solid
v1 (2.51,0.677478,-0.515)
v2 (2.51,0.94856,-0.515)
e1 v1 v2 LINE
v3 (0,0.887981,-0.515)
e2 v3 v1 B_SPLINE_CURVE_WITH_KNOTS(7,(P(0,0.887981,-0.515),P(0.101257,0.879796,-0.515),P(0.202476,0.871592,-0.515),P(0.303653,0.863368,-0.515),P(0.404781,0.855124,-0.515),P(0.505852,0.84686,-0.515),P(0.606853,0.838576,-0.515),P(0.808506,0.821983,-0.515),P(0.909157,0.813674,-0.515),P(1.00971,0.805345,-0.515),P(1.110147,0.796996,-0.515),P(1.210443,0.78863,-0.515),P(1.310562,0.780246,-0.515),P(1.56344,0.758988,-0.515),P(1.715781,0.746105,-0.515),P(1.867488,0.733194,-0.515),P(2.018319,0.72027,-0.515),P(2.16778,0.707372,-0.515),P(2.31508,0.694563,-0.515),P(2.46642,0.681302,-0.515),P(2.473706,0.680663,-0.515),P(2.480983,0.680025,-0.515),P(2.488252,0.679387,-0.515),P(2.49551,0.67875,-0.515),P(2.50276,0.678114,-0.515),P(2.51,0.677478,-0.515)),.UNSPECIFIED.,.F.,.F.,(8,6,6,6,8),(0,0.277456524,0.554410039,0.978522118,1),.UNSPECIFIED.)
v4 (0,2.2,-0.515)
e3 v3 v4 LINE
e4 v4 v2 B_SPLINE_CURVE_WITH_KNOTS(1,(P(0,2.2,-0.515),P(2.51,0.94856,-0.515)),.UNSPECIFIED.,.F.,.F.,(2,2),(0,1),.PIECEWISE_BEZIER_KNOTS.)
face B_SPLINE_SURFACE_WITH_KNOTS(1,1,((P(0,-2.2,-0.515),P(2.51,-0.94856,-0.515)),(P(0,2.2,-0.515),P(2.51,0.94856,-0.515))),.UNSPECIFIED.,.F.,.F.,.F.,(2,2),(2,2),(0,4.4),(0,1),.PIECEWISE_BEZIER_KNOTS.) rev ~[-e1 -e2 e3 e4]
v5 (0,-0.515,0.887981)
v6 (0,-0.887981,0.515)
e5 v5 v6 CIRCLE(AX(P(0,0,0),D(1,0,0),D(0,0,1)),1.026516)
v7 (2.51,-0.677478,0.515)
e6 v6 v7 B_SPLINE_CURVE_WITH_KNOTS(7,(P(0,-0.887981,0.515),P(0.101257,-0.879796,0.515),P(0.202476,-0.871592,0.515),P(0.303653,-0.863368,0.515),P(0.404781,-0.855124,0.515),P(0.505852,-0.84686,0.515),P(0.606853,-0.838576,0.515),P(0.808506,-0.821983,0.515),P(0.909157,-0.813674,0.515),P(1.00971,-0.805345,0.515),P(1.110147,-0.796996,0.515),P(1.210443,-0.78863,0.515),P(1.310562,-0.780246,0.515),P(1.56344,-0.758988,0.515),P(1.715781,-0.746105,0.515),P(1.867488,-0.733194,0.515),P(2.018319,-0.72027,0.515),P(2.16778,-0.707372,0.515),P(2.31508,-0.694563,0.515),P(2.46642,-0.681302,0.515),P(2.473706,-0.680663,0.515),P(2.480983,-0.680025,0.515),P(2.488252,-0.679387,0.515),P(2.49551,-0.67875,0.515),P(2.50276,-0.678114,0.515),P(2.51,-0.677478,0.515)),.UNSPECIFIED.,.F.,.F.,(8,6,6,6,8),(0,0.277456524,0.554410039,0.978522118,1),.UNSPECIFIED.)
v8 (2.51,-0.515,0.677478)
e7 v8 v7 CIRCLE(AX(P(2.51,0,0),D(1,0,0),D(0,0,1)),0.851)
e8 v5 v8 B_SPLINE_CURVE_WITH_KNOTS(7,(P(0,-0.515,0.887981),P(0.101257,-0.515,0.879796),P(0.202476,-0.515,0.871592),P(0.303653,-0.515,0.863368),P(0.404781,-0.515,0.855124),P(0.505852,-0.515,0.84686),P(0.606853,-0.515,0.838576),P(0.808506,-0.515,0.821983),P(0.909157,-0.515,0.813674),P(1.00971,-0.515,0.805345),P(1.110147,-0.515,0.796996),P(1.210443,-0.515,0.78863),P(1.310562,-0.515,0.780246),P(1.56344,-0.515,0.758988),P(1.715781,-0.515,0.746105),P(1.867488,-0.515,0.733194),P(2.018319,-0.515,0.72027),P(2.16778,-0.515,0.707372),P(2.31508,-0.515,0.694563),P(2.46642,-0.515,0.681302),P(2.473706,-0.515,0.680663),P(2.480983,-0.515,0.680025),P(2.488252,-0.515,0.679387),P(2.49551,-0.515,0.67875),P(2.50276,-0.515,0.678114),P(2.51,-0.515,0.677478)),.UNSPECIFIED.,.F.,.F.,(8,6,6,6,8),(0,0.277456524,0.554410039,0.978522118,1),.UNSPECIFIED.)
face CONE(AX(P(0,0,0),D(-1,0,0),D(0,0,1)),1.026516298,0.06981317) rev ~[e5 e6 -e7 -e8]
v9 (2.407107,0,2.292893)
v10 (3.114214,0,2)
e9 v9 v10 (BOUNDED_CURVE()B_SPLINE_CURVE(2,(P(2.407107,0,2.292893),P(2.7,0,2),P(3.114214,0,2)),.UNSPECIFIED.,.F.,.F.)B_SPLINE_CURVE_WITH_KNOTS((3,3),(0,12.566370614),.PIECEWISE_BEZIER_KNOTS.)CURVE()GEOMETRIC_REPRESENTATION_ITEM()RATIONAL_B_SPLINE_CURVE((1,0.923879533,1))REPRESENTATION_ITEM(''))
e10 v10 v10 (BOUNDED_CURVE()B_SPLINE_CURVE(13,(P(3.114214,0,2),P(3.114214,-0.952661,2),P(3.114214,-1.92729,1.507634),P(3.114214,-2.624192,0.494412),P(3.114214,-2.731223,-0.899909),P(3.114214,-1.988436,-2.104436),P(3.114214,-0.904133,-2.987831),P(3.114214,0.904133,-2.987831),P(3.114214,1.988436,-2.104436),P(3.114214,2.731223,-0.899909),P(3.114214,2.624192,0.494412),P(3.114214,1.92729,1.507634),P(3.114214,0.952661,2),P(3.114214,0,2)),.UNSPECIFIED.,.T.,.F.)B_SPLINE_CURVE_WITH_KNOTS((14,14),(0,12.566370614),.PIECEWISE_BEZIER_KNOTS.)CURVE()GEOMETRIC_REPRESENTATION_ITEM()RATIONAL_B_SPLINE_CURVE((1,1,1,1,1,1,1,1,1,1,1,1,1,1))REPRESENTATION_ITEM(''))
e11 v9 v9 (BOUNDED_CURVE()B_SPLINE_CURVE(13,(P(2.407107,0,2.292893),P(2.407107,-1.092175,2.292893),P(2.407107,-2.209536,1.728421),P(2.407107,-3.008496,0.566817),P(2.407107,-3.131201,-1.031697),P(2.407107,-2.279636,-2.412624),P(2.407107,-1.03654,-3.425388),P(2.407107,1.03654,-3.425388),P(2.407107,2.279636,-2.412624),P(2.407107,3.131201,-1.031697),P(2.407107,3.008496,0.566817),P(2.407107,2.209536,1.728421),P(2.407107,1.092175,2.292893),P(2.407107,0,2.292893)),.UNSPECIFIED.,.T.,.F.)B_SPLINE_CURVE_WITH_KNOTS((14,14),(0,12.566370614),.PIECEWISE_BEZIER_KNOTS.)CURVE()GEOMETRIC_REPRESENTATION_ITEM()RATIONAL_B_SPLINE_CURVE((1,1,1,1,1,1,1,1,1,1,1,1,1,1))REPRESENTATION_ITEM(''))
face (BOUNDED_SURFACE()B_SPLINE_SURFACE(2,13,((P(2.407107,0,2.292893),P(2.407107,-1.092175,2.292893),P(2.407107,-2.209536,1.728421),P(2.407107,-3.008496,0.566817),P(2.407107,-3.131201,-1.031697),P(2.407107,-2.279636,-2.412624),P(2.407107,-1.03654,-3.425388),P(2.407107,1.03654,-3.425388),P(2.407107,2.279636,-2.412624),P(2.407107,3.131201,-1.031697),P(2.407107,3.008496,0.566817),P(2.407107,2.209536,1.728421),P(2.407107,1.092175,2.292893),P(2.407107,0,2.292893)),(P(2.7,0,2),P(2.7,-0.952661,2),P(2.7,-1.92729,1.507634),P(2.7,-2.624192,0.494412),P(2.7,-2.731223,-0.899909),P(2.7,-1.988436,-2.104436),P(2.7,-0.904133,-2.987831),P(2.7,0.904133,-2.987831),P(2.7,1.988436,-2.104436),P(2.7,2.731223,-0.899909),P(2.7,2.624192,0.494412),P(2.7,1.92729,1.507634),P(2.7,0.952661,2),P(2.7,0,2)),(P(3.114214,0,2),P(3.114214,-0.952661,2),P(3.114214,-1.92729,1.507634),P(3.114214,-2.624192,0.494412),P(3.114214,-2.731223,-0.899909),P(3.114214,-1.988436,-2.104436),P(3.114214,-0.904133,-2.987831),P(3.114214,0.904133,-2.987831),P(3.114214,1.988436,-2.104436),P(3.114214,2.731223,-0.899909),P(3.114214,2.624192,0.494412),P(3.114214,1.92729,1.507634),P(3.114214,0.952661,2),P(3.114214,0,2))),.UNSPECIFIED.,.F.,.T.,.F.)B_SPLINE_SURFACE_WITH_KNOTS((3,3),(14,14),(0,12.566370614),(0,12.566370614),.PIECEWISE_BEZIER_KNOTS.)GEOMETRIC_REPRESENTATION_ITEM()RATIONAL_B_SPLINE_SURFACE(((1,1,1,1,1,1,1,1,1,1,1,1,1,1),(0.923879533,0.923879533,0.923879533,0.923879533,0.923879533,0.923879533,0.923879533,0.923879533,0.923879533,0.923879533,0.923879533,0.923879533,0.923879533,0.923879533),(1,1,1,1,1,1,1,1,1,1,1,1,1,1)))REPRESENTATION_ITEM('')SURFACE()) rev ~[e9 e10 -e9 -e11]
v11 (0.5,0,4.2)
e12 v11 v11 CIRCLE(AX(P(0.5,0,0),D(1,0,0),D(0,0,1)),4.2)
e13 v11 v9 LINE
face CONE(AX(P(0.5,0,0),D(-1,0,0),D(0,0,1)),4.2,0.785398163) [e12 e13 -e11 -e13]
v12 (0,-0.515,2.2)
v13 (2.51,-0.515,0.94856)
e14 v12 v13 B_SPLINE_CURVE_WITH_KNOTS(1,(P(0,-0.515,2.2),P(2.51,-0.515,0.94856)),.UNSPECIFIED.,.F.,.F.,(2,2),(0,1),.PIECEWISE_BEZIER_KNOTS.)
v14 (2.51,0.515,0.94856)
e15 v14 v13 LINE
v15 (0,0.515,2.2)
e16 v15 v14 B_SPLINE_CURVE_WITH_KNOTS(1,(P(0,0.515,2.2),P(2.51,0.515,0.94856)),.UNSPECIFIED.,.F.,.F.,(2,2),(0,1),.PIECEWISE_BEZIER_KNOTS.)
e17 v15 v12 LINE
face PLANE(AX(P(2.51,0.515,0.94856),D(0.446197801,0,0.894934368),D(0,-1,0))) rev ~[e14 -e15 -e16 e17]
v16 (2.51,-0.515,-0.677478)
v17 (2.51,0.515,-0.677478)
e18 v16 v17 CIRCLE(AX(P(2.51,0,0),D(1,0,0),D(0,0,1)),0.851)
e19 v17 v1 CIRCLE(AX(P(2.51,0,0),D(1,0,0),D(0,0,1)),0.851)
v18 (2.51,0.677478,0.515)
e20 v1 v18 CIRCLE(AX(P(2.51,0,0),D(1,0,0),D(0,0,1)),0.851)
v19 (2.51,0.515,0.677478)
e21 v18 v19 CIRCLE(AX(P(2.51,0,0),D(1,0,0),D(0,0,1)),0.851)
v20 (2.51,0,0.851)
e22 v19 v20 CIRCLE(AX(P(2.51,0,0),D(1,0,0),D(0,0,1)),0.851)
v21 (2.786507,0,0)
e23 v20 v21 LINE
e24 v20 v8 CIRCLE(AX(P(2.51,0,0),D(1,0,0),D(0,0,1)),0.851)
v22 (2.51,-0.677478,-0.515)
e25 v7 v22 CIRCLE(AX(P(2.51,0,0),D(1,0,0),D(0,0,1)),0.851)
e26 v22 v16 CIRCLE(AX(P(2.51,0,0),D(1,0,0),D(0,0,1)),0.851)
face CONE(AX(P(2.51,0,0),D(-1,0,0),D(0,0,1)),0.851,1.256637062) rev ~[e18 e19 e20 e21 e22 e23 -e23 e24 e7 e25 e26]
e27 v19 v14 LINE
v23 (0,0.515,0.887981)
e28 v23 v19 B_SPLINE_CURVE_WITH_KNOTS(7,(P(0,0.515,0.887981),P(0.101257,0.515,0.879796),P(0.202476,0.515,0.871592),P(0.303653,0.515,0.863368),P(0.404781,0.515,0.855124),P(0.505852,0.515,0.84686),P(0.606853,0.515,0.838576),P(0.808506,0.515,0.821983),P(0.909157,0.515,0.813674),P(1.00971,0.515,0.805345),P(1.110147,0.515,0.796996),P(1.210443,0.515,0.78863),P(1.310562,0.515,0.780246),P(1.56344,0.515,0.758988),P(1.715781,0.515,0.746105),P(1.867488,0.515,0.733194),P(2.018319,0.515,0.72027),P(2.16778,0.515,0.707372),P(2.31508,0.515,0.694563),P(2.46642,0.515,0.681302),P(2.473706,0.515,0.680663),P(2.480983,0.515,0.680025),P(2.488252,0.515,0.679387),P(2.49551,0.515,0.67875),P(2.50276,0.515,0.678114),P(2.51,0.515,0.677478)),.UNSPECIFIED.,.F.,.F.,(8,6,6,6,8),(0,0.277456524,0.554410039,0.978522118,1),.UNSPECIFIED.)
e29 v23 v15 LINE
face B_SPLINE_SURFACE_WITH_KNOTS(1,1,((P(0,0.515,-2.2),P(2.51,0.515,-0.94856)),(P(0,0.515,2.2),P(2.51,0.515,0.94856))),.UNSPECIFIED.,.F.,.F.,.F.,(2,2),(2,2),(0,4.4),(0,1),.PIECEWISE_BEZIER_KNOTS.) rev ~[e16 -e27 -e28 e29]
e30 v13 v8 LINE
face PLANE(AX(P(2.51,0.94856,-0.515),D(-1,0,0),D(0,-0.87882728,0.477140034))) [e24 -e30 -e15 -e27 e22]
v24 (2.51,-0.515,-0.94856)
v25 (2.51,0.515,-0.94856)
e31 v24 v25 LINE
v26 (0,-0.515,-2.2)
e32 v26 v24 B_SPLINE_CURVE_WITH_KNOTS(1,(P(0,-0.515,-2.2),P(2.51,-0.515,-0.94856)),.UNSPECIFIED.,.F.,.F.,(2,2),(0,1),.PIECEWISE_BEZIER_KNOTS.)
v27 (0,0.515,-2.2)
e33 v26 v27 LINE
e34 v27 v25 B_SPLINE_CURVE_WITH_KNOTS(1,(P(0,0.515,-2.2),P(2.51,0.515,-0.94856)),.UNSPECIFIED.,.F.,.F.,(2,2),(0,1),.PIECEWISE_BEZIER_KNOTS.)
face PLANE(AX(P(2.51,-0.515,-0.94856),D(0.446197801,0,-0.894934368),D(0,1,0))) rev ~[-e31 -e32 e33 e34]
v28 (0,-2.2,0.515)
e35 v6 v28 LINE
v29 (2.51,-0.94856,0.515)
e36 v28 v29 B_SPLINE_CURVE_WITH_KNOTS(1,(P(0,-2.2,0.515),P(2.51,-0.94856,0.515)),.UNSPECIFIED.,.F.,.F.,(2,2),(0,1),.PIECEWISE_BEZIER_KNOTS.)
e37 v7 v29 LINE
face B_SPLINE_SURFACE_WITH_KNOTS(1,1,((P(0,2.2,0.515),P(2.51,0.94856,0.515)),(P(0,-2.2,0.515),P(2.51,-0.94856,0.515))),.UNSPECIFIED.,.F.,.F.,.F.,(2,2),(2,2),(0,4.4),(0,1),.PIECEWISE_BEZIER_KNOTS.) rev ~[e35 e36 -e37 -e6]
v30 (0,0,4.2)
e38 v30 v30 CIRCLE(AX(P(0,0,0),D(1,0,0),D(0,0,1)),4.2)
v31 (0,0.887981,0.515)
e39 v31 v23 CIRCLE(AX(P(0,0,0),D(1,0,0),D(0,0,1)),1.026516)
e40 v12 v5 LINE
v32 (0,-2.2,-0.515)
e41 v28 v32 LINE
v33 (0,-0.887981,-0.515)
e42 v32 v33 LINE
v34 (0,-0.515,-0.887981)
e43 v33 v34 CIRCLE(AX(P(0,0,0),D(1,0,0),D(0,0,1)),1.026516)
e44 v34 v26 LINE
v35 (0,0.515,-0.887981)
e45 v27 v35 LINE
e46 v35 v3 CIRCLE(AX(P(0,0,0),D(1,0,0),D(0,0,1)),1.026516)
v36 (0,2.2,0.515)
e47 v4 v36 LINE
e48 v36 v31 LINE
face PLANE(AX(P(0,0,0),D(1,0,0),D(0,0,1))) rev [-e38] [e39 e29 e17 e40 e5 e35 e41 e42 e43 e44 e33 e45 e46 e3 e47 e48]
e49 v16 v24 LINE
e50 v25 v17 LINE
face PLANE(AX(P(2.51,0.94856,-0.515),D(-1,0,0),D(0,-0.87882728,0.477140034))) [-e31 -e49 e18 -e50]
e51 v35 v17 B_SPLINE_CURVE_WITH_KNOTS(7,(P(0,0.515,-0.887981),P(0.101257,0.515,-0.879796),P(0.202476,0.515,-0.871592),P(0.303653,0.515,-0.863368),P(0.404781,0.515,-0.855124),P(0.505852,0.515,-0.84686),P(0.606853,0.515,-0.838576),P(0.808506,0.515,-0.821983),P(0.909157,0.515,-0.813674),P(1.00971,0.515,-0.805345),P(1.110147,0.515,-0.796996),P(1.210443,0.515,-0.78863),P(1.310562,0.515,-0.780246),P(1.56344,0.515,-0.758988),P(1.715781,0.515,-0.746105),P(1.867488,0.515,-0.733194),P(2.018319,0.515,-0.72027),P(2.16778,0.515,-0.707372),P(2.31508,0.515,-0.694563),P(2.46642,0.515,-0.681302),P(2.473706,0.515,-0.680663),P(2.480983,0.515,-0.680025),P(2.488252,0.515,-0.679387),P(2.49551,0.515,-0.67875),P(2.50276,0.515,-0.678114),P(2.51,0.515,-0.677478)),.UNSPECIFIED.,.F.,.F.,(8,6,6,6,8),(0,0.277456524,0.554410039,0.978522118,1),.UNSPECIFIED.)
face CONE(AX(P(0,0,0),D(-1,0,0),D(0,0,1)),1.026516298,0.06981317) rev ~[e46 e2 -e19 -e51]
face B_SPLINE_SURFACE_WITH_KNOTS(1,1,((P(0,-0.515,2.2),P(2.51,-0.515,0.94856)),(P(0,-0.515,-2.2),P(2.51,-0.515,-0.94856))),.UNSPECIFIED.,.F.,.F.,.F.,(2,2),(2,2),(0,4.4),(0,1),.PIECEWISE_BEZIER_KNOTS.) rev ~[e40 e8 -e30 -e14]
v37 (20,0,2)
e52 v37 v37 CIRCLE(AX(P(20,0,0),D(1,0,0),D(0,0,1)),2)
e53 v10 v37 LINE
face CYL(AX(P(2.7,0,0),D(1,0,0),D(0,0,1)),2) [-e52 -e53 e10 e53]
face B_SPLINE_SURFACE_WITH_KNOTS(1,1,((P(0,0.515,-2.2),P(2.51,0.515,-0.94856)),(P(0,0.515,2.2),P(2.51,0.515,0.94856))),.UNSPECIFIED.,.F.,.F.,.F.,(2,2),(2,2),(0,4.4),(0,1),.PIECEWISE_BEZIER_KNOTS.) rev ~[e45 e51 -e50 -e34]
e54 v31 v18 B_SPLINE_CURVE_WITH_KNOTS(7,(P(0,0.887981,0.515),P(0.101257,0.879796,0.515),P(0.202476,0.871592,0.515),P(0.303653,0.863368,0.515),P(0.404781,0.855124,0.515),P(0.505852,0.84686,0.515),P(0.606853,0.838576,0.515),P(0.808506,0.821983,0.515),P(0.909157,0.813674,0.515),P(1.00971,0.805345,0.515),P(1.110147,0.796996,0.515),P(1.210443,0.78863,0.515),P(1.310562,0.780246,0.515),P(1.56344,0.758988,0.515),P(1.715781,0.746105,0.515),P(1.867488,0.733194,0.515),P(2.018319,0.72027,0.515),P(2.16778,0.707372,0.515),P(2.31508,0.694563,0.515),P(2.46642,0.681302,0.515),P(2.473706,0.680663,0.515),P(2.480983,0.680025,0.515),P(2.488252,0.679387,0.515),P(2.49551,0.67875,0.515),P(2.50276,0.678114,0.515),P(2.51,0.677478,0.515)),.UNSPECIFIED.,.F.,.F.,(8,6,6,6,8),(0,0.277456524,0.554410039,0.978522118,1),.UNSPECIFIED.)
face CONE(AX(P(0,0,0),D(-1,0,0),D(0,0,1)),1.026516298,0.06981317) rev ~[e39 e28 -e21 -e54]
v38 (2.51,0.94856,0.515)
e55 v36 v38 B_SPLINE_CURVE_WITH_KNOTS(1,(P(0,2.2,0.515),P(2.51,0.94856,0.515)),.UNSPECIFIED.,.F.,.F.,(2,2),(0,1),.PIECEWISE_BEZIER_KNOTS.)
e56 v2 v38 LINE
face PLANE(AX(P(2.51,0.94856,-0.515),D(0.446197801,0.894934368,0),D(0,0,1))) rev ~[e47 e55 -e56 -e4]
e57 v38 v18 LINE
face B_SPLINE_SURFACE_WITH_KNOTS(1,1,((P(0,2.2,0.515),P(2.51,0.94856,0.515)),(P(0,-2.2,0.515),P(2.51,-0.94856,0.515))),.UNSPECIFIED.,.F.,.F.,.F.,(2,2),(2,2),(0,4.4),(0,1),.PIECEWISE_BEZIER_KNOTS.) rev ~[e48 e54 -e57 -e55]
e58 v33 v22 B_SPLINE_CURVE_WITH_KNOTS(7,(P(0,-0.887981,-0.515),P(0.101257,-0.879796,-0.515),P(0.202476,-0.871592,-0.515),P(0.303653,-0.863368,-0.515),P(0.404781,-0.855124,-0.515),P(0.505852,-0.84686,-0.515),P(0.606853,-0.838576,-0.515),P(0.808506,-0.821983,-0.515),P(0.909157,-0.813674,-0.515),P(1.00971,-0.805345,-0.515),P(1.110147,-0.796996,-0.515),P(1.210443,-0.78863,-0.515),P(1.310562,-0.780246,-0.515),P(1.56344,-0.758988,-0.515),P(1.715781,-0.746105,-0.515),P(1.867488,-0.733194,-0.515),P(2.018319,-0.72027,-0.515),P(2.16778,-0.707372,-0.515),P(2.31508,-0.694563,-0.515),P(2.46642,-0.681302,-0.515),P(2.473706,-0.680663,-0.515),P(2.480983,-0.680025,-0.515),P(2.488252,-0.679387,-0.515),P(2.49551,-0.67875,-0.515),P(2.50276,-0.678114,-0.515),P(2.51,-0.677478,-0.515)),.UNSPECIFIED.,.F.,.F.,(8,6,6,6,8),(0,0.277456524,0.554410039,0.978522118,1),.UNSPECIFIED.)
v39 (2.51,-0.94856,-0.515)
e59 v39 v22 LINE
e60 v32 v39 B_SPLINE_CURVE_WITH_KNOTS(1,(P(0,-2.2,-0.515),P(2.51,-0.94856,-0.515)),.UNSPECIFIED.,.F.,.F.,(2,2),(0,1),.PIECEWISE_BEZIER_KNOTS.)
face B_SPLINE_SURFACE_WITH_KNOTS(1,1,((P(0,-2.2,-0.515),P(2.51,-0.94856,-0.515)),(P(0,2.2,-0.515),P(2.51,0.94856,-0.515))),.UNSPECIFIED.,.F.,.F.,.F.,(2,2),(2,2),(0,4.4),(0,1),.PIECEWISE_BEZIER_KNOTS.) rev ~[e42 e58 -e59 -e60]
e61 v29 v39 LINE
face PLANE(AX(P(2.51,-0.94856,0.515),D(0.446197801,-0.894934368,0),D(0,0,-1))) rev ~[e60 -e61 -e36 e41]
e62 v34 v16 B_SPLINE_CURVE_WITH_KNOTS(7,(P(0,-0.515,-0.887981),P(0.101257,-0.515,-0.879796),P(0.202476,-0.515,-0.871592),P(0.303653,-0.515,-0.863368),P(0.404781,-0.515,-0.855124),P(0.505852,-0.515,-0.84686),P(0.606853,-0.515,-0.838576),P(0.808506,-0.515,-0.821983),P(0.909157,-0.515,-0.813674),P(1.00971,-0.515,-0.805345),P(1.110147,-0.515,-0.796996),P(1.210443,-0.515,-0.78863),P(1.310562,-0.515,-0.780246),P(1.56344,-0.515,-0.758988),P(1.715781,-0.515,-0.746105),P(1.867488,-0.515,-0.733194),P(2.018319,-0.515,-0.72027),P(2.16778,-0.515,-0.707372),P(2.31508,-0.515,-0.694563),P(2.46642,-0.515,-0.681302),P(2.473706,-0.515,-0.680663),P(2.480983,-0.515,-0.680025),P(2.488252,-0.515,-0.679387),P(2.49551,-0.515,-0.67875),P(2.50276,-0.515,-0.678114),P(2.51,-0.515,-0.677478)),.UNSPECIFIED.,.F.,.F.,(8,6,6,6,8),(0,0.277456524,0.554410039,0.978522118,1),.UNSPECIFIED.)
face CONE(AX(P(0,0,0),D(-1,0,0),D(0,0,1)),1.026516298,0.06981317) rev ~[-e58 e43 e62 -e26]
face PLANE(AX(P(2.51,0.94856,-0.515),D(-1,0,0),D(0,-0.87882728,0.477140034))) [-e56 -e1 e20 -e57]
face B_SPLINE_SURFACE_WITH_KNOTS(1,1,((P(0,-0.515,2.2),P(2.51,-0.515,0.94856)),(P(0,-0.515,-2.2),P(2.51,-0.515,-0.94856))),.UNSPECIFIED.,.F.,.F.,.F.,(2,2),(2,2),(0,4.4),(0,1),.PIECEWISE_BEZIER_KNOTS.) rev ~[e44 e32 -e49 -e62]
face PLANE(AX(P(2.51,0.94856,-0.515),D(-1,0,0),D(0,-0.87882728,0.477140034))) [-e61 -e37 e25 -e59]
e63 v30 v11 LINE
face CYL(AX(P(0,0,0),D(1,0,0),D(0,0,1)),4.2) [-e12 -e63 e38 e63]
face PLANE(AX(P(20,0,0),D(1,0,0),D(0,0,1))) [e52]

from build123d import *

# Parameters (mm, degrees)
FILLET1_R    = 1
RECPAT_COUNT = 2
RECPAT_ANGLE = 90


with BuildPart() as part:
    # BodySke → Base-Revolve (revolve)
    with BuildSketch(Plane.XY, mode=Mode.PRIVATE) as base_revolve_sk:
        Polygon((0, 0), (0, 4.2), (0.5, 4.2), (2.7, 2), (20, 2), (20, 0), align=None)
    revolve(base_revolve_sk.sketch.rotate(Axis((-6.35, 0, 0), (1, 0, 0)), 90), axis=Axis((-6.35, 0, 0), (1, 0, 0)))

    # Fillet1
    fillet1_edges = [part.edges().sort_by_distance(p)[0] for p in [
        (2.7, 0, -2),
    ]]
    fillet(fillet1_edges, radius=FILLET1_R)

    # Sketch3 → Recess section 0
    with BuildSketch(Plane.ZY):
        with BuildLine():
            Line((-0.515, 2.2), (0.515, 2.2))
            Line((0.515, 2.2), (0.515, -2.2))
            Line((0.515, -2.2), (-0.515, -2.2))
            Line((-0.515, -2.2), (-0.515, 2.2))
        make_face()
    # Sketch4 → Recess section 1
    with BuildSketch(Plane.ZY.offset(-2.51)):
        with BuildLine():
            Line((-0.515, 0.948560207), (0.515, 0.948560207))
            Line((0.515, 0.948560207), (0.515, -0.948560207))
            Line((0.515, -0.948560207), (-0.515, -0.948560207))
            Line((-0.515, -0.948560207), (-0.515, 0.948560207))
        make_face()
    recess = loft(mode=Mode.SUBTRACT)

    # RecPat: Recess ×2 about axis
    recpat_axis = Axis((0, 0, 0), (1, 0, 0))
    for i in range(1, RECPAT_COUNT):
        add(recess.rotate(recpat_axis, i * RECPAT_ANGLE / (RECPAT_COUNT - 1)), mode=Mode.SUBTRACT)

    # RecCorSke → RecessCore (revolve, cut)
    with BuildSketch(Plane.XY, mode=Mode.PRIVATE) as recesscore_sk:
        Polygon((0, 0), (0, 1.026516298), (2.51, 0.851), (2.786506661, 0), align=None)
    revolve(recesscore_sk.sketch.rotate(Axis((-3.175, 0, 0), (1, 0, 0)), 90), axis=Axis((-3.175, 0, 0), (1, 0, 0)), mode=Mode.SUBTRACT)


solid = part.part
